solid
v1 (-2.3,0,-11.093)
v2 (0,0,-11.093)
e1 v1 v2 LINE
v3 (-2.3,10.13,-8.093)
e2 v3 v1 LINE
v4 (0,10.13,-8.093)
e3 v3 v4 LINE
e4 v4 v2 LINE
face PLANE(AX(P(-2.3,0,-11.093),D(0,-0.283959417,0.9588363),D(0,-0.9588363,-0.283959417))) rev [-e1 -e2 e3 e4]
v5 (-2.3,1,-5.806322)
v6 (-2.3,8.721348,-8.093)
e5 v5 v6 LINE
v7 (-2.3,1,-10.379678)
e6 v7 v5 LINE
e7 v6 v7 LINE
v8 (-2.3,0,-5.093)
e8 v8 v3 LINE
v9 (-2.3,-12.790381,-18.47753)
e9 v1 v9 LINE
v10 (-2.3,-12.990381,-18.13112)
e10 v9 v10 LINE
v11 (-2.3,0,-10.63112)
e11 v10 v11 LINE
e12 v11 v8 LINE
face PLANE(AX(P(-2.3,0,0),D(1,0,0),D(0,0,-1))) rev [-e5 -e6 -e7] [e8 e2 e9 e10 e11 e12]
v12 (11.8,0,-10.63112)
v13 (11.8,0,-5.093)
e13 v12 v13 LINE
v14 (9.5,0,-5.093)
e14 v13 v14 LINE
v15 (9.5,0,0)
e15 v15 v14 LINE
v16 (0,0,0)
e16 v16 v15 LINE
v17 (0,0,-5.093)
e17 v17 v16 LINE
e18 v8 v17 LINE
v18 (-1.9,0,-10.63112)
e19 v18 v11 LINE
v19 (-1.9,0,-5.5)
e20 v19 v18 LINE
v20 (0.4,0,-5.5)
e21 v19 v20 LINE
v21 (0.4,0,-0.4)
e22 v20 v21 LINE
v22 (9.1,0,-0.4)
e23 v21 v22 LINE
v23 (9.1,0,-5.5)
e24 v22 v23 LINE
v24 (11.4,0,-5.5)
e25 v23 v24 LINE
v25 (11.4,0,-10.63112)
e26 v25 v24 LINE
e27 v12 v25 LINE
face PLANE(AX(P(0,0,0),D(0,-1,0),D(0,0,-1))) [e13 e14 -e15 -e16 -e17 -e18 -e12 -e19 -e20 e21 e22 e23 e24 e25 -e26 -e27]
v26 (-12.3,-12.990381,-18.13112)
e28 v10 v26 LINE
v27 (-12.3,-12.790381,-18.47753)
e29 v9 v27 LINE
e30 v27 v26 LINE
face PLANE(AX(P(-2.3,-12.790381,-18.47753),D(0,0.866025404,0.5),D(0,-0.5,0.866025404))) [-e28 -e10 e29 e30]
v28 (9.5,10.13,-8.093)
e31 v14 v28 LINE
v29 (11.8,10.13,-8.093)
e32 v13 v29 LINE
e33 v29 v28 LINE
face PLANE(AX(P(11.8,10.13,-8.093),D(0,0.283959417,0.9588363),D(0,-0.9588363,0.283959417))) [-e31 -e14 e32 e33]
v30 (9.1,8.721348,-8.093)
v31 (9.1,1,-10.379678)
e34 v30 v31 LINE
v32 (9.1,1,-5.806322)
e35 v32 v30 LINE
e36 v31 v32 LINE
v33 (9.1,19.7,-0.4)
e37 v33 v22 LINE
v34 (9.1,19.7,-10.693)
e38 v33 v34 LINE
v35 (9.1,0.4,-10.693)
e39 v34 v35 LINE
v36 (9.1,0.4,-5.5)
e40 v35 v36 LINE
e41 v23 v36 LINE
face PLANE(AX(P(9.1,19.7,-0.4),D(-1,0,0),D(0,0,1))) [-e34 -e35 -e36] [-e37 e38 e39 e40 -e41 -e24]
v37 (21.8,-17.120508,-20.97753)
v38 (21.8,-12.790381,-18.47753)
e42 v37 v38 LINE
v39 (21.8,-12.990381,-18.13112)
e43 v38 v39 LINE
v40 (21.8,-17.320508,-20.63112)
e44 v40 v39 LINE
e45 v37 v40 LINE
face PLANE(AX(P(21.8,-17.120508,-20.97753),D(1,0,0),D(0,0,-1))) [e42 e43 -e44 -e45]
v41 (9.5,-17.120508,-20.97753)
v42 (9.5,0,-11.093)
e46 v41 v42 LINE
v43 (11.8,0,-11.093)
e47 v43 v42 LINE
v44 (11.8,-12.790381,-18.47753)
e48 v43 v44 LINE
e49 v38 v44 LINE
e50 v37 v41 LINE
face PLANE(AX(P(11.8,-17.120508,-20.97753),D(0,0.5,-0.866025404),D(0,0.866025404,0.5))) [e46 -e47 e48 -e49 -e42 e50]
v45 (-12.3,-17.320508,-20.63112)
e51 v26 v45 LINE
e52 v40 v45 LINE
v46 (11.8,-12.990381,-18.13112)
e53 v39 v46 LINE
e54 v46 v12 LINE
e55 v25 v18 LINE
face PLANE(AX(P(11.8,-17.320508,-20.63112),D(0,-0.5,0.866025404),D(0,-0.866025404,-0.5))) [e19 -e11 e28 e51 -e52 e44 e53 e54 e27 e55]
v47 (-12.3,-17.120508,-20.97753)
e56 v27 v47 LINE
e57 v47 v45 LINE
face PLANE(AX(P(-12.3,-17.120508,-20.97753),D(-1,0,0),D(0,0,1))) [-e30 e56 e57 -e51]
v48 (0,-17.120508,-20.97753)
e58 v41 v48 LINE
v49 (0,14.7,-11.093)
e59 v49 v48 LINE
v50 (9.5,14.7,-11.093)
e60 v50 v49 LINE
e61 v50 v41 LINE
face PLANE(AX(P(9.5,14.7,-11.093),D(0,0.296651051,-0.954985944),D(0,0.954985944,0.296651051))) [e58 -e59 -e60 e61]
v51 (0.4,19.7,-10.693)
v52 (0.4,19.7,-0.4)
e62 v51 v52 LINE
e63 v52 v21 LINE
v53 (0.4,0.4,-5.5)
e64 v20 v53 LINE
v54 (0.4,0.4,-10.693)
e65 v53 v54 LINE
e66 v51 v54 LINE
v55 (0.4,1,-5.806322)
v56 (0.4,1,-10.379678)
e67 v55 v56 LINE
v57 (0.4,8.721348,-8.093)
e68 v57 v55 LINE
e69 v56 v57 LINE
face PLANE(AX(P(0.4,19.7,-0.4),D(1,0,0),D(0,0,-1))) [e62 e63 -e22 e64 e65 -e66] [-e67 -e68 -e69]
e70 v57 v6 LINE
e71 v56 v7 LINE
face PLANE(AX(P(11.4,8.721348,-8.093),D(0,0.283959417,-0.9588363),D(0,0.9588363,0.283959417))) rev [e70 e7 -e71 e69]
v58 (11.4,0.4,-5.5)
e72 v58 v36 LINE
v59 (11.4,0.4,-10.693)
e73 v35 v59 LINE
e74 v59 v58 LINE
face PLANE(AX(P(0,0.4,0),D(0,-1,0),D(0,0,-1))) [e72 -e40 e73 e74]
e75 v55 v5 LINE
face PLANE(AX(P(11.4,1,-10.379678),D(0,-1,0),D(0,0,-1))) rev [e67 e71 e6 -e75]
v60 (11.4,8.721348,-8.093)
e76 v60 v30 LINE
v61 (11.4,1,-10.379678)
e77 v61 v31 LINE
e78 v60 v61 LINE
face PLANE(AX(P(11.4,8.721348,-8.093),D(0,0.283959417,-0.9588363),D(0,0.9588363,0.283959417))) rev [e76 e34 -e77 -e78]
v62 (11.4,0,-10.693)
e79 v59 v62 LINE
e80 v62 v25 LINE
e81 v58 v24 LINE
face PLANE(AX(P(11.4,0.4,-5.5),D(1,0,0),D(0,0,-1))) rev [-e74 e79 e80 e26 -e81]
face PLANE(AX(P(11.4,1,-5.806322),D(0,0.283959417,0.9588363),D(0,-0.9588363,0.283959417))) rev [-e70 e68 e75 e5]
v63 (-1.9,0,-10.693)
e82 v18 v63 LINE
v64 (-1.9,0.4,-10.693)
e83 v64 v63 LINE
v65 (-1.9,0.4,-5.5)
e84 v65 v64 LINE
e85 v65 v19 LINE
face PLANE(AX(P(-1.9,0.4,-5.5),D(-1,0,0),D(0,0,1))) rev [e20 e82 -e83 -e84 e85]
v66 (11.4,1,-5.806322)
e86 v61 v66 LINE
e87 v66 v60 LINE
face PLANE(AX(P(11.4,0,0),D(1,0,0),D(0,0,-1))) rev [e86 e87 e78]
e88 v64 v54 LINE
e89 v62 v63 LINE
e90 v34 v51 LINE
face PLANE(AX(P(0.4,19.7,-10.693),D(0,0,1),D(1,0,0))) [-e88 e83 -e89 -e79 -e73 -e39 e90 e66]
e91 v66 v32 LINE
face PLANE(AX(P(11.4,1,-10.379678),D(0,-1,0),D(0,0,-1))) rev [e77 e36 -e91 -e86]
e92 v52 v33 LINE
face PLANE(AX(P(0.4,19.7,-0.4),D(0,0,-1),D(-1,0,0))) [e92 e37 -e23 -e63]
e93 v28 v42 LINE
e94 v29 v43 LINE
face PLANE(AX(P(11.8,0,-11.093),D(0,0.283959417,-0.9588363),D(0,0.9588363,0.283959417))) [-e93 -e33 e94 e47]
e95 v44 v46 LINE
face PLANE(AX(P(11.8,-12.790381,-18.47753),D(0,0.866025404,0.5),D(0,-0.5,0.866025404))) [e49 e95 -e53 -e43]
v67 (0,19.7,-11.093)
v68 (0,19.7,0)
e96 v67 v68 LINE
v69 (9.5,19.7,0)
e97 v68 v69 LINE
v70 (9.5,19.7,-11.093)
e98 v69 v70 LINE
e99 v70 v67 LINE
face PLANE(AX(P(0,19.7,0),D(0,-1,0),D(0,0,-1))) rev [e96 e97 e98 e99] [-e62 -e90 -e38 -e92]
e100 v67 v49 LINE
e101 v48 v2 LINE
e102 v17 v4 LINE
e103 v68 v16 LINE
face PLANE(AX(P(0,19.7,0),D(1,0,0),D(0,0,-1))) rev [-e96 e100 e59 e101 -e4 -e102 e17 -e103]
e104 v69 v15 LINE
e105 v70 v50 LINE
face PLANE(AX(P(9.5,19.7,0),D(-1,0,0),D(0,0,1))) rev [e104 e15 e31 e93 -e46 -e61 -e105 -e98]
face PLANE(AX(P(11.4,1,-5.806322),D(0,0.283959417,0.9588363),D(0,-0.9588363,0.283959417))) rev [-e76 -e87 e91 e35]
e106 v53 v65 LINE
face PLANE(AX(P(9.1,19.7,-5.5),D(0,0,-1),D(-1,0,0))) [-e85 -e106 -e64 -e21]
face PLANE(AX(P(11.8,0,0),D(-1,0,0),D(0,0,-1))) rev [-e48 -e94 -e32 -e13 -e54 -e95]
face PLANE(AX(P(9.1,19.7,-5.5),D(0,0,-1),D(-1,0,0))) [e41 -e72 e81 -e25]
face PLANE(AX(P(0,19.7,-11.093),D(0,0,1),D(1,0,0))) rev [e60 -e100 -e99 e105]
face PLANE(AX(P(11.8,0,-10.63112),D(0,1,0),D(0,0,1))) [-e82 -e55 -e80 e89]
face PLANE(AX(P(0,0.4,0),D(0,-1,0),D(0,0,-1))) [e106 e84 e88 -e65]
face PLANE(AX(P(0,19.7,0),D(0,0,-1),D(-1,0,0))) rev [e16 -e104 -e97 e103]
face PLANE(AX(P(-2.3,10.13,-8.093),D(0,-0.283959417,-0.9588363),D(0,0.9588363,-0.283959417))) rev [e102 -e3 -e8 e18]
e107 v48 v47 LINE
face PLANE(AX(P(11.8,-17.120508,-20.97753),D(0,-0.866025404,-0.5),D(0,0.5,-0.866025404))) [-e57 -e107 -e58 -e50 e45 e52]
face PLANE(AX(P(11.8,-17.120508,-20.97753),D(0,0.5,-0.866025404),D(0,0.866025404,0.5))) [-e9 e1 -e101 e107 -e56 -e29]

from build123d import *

# Parameters (mm, degrees)
SKIZZE1_W                       = 9.5
SKIZZE1_H                       = 11.093
SKIZZE1_W_2                     = 8.7
SKIZZE1_H_2                     = 4.7
SKIZZE1_H_3                     = 5.193
AUFSATZ_LINEAR_AUSTRAGEN1_DEPTH = 19.7
AUFSATZ_LINEAR_AUSTRAGEN2_DEPTH = 2.3
SCHNITT_LINEAR_AUSTRAGEN1_DEPTH = 13.7
SKIZZE4_W                       = 13.3
SKIZZE4_H                       = 5.193
SCHNITT_LINEAR_AUSTRAGEN2_DEPTH = 0.4
AUFSATZ_LINEAR_AUSTRAGEN3_DEPTH = 14.1
AUFSATZ_LINEAR_START            = -9.5
AUFSATZ_LINEAR_AUSTRAGEN4_DEPTH = 9.5
SCHNITT_LINEAR_AUSTRAGEN3_REACH = 39.021
SKIZZE7_W                       = 8.7
SKIZZE7_H                       = 0.4
SKIZZE8_W                       = 10
SKIZZE8_H                       = 5
AUFSATZ_LINEAR_AUSTRAGEN5_DEPTH = 0.4


with BuildPart() as part:
    # Skizze1 → Aufsatz-Linear austragen1 (new body)
    with BuildSketch(Plane(origin=(0, 0, 0), x_dir=(1, 0, 0), z_dir=(0, 1, 0))):
        with Locations((4.75, 5.5465)):
            Rectangle(SKIZZE1_W, SKIZZE1_H)
        with Locations((4.75, 2.75)):
            Rectangle(SKIZZE1_W_2, SKIZZE1_H_2, mode=Mode.SUBTRACT)
        with Locations((4.75, 8.0965)):
            Rectangle(SKIZZE1_W_2, SKIZZE1_H_3, mode=Mode.SUBTRACT)
    extrude(amount=AUFSATZ_LINEAR_AUSTRAGEN1_DEPTH)

    # Skizze2 → Aufsatz-Linear austragen2 (add)
    with BuildSketch(Plane.ZY):
        Polygon((-11.093, 0), (-8.093, 10.13), (-5.093, 0), align=None)
    aufsatz_linear_austragen2 = extrude(amount=AUFSATZ_LINEAR_AUSTRAGEN2_DEPTH)

    # Spiegeln1: Aufsatz-Linear austragen2 across plane
    add(aufsatz_linear_austragen2.mirror(Plane(origin=(4.75, 0, 0), x_dir=(0, 0, 1), z_dir=(1, 0, 0))))

    # Skizze3 → Schnitt-Linear austragen1 (cut)
    with BuildSketch(Plane.ZY.offset(2.3)):
        Polygon((-10.379677593, 1), (-5.806322407, 1), (-8.093, 8.721348004), align=None)
    extrude(amount=-SCHNITT_LINEAR_AUSTRAGEN1_DEPTH, mode=Mode.SUBTRACT)

    # Skizze4 → Schnitt-Linear austragen2 (cut)
    with BuildSketch(Plane.XZ):
        with Locations((4.75, -8.0965)):
            Rectangle(SKIZZE4_W, SKIZZE4_H)
    extrude(amount=-SCHNITT_LINEAR_AUSTRAGEN2_DEPTH, mode=Mode.SUBTRACT)

    # Skizze5 → Aufsatz-Linear austragen3 (add)
    with BuildSketch(Plane.ZY.offset(2.3)):
        Polygon((-20.977529946, -17.120508076), (-20.631119785, -17.320508076), (-10.631119785, 0), (-11.093, 0), align=None)
    extrude(amount=-AUFSATZ_LINEAR_AUSTRAGEN3_DEPTH)

    # Skizze6 → Aufsatz-Linear austragen4 (add)
    with BuildSketch(Plane.ZY.offset(AUFSATZ_LINEAR_START)):
        Polygon((-20.977529946, -17.120508076), (-11.093, 0), (-11.093, 14.7), align=None)
    extrude(amount=AUFSATZ_LINEAR_AUSTRAGEN4_DEPTH)

    # Skizze7 → Schnitt-Linear austragen3 (cut, up to next)
    with BuildSketch(Plane(origin=(0, 19.7, 0), x_dir=(1, 0, 0), z_dir=(0, 1, 0)), mode=Mode.PRIVATE) as schnitt_linear_austragen3_sk1:
        with Locations((4.75, 5.3)):
            Rectangle(SKIZZE7_W, SKIZZE7_H)
    schnitt_linear_austragen3_tool1 = extrude(schnitt_linear_austragen3_sk1.sketch, amount=-SCHNITT_LINEAR_AUSTRAGEN3_REACH, mode=Mode.PRIVATE) & part.part
    add(schnitt_linear_austragen3_tool1.solids().sort_by_distance((4.75, 19.7, -5.3))[0], mode=Mode.SUBTRACT)

    # Skizze8 → Aufsatz-Linear austragen5 (add)
    with BuildSketch(Plane(origin=(0, 4.603409902, -7.973339838), x_dir=(1, 0, 0), z_dir=(0, -0.5, 0.866025404))):
        with Locations((-7.3, -22.815559892)):
            Rectangle(SKIZZE8_W, SKIZZE8_H)
        with Locations((16.8, -22.815559892)):
            Rectangle(SKIZZE8_W, SKIZZE8_H)
    extrude(amount=-AUFSATZ_LINEAR_AUSTRAGEN5_DEPTH)


solid = part.part
